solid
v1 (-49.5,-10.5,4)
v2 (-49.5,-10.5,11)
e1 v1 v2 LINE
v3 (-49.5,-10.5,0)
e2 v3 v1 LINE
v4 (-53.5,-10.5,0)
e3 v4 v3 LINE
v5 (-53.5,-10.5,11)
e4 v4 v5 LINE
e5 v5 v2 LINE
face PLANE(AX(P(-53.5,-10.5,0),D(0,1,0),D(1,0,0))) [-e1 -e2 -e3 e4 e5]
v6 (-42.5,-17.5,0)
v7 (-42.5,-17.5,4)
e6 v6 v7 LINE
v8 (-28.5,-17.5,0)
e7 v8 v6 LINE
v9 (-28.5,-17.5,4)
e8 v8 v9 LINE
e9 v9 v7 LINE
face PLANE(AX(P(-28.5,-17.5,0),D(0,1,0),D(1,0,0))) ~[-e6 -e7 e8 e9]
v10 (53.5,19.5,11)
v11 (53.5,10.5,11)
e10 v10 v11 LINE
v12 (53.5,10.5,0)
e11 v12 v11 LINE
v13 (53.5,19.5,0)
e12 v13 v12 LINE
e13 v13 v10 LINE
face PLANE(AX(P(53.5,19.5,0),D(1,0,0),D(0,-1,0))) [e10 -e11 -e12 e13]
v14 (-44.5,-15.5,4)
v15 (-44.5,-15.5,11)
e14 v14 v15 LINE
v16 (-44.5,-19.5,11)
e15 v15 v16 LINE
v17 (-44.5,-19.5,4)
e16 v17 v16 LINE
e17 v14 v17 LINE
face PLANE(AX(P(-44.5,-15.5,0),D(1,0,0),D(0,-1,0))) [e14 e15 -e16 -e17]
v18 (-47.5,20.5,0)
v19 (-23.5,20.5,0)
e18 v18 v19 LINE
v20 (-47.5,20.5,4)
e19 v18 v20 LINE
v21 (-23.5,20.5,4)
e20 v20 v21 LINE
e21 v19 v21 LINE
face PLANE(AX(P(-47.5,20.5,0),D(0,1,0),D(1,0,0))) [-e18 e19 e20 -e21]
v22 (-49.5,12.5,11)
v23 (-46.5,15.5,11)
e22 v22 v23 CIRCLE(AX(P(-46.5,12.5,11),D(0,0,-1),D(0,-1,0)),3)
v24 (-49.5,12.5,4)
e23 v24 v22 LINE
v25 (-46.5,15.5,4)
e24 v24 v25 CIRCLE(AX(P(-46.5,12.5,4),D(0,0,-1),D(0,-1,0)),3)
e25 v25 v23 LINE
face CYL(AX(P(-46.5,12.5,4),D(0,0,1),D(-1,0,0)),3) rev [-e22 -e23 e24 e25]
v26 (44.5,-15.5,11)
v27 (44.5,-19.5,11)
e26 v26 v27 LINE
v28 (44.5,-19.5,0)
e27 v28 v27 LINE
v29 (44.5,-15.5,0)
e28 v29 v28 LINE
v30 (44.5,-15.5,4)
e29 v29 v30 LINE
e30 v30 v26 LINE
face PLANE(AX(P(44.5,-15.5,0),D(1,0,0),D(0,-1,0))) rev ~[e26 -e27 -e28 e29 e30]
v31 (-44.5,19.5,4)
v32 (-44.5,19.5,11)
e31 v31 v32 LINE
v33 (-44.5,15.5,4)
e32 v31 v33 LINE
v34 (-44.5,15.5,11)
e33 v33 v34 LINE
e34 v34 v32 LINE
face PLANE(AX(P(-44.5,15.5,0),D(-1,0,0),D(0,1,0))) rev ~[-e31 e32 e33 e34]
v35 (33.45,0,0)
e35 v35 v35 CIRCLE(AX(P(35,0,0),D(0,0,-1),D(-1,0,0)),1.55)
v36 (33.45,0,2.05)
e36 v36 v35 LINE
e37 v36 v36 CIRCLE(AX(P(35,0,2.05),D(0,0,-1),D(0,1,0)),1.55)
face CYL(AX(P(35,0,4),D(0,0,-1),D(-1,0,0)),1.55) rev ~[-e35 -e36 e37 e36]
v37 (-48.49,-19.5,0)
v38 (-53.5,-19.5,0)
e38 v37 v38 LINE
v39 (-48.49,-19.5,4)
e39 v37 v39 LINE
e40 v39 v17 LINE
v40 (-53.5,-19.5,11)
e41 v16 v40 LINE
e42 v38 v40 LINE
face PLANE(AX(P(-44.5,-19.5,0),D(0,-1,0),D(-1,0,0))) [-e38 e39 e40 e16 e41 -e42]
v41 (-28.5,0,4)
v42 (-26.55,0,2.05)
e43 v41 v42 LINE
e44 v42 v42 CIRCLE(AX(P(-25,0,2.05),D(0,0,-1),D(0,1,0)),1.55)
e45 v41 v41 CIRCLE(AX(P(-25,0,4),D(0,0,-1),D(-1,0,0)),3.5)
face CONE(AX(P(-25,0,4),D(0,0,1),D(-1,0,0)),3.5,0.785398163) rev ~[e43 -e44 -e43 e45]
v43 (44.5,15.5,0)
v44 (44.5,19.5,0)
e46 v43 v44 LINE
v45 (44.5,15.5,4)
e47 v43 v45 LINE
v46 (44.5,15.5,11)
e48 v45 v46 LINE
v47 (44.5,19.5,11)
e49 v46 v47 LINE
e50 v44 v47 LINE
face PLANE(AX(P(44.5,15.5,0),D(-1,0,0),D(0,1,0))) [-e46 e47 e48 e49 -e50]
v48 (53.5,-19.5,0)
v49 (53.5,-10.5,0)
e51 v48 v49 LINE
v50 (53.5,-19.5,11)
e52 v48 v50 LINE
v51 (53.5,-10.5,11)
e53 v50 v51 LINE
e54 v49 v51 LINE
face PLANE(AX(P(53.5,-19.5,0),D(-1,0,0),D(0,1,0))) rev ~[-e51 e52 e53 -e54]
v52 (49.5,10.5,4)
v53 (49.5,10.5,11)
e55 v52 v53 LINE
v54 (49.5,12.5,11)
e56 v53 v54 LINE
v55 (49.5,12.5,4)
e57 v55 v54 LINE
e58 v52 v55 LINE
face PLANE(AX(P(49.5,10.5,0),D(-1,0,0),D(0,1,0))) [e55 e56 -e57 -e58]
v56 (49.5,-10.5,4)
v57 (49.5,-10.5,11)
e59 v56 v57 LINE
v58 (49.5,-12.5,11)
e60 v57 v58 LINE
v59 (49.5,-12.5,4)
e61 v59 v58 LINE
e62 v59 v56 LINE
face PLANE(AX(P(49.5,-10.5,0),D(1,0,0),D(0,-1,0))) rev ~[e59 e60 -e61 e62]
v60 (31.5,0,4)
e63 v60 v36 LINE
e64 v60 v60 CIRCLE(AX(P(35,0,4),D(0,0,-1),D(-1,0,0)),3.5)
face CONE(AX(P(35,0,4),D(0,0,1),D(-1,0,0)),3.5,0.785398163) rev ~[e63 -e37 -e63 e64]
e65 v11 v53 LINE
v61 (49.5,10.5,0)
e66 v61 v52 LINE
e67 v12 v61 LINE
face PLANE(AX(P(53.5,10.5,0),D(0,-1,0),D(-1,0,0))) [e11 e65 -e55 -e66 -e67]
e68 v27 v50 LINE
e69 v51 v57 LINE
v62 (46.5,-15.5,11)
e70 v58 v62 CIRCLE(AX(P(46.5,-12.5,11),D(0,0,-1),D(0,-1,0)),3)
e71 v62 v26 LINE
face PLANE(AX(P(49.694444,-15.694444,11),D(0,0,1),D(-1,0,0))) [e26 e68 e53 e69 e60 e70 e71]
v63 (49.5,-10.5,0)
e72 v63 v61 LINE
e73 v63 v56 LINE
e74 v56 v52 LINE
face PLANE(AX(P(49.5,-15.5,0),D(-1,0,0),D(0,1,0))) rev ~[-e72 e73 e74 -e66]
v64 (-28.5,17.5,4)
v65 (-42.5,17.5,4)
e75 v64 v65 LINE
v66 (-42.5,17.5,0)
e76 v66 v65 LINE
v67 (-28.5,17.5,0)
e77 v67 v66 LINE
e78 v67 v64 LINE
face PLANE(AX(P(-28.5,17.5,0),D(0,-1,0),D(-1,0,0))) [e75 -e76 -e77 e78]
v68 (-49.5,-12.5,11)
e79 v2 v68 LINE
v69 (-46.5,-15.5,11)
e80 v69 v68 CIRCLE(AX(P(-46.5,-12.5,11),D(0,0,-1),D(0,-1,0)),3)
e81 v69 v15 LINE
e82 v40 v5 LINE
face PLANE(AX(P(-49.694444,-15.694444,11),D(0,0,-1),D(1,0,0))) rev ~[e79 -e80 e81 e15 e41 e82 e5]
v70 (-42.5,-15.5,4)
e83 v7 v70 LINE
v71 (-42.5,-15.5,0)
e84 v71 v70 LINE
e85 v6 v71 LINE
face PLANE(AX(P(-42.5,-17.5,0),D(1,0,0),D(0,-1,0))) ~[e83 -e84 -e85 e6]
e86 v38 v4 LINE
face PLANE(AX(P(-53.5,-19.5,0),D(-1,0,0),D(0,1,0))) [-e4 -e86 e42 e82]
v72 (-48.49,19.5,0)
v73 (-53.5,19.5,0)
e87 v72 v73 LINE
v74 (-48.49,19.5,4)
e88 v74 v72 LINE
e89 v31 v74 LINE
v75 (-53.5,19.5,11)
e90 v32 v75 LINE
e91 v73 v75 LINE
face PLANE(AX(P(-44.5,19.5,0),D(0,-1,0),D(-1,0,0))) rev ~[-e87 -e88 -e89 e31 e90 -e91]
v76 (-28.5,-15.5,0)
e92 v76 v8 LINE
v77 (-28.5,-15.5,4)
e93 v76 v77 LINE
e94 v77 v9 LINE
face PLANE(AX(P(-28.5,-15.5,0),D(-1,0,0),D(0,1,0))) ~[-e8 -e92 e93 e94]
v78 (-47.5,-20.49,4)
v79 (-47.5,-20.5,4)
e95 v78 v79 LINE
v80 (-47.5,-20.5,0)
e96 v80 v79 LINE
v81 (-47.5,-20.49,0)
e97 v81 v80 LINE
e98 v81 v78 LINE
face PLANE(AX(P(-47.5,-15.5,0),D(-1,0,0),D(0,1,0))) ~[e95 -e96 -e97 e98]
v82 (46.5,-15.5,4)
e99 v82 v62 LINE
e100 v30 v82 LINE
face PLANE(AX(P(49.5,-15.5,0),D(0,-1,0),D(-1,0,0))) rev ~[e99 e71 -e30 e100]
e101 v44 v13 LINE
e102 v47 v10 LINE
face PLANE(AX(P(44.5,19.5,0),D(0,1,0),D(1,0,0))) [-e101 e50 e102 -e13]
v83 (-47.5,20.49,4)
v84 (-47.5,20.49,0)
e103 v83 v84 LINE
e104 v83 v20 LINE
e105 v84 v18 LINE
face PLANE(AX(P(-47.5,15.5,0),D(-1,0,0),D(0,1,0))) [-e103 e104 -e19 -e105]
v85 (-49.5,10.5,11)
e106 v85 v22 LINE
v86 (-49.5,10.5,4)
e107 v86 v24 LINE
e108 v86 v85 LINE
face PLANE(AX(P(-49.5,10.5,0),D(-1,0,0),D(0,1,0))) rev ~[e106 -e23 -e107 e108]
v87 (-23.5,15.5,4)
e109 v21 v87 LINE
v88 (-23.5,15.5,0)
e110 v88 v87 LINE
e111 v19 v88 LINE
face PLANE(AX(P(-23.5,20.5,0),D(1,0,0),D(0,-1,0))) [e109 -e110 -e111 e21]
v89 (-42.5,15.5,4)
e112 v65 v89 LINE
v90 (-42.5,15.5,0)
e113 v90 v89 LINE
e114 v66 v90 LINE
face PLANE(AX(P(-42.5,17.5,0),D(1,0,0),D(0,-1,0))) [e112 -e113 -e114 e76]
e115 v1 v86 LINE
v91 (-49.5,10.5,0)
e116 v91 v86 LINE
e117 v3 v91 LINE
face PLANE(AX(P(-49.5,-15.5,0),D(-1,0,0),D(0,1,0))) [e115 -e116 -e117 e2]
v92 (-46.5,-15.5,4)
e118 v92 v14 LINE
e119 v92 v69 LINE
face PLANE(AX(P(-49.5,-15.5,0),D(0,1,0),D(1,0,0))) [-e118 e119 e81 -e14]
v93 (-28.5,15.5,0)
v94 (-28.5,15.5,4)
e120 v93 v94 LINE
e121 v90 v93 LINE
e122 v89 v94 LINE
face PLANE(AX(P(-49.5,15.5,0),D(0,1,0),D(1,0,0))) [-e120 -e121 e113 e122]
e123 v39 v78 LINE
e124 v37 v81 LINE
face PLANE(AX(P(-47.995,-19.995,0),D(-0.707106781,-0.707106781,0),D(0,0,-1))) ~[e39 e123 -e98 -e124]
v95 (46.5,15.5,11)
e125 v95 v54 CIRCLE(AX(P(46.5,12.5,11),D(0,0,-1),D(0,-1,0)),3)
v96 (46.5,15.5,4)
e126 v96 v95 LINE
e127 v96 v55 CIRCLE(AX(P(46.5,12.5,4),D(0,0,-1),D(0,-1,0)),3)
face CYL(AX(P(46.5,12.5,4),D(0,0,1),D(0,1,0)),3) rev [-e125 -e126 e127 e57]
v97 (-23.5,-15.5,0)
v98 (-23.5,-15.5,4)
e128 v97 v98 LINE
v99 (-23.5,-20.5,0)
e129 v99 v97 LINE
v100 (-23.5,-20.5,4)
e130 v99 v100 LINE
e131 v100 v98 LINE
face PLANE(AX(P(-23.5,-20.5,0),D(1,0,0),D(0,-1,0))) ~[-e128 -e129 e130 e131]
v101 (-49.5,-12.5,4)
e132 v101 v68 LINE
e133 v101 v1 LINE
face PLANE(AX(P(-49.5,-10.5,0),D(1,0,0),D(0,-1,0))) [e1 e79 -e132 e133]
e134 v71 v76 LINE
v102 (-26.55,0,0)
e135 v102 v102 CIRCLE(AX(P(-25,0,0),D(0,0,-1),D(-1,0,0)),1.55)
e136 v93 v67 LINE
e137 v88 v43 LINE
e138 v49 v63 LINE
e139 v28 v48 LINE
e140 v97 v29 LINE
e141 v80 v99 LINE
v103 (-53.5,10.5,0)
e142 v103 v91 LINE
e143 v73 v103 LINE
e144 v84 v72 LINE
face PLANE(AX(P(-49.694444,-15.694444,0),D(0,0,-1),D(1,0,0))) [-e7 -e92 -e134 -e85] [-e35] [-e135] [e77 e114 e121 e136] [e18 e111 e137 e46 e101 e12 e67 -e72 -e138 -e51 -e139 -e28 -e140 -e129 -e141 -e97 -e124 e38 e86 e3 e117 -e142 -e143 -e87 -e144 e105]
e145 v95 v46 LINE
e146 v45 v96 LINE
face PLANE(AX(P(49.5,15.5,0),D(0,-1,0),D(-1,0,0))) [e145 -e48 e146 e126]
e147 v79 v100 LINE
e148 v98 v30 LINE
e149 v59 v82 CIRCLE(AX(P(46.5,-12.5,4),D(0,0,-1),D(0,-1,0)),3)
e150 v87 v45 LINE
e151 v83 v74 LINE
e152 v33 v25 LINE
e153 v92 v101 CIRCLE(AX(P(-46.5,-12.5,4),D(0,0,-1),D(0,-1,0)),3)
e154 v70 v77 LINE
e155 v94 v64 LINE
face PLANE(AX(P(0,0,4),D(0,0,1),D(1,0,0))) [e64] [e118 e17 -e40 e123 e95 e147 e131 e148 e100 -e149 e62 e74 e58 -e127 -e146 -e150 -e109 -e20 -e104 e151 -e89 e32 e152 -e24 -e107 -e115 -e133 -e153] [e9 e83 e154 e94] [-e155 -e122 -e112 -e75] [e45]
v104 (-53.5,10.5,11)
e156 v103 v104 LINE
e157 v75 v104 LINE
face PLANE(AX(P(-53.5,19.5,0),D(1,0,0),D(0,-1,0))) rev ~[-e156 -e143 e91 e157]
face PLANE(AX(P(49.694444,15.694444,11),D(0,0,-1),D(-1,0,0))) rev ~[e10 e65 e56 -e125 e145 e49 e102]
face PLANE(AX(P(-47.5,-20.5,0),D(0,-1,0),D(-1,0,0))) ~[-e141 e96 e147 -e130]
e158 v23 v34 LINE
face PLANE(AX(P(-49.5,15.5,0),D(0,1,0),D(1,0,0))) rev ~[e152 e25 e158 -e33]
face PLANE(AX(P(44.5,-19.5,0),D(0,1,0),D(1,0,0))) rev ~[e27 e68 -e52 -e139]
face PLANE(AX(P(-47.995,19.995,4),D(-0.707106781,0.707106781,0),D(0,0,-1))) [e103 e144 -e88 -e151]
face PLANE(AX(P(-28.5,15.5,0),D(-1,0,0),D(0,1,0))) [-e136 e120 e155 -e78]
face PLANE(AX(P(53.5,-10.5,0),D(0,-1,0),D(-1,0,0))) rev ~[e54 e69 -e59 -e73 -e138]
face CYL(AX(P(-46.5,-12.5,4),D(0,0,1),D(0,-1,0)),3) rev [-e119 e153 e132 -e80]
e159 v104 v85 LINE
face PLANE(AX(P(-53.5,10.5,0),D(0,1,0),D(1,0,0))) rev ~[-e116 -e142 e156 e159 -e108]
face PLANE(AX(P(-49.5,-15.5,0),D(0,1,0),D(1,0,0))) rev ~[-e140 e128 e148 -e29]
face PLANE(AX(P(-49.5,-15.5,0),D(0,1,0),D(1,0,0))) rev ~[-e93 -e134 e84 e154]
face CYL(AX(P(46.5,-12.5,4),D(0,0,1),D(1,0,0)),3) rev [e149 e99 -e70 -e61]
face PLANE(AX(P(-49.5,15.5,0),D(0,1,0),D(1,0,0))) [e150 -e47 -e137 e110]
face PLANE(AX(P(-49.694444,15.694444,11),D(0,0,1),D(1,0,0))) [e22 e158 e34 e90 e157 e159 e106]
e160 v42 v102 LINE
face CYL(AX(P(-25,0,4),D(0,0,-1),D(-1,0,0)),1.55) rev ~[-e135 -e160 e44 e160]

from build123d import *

# Parameters (mm, degrees)
SKETCH_W                = 99
SKETCH_H                = 31
PAD_DEPTH               = 4
PAD001_DEPTH            = 11
PAD002_DEPTH            = 4
PAD001_MIRRORED_2_DEPTH = 11
POLARPATTERN_COUNT      = 2
CHAMFER_SIZE            = 0.99
FILLET_R                = 3
HOLE_D                  = 3.1
HOLE_DEPTH              = 25
HOLE_CSINK_D            = 7
HOLE_CSINK_ANGLE        = 90


with BuildPart() as part:
    # Sketch → Pad (new body)
    with BuildSketch(Plane.XY):
        Rectangle(SKETCH_W, SKETCH_H)
    extrude(amount=PAD_DEPTH)

    # Sketch001 → Pad001 (join)
    with BuildSketch(Plane.XY):
        Polygon((-49.5, 15.5), (-44.5, 15.5), (-44.5, 19.5), (-53.5, 19.5), (-53.5, 10.5), (-49.5, 10.5), align=None)
    pad001 = extrude(amount=PAD001_DEPTH)

    # Sketch002 → Pad002 (join)
    with BuildSketch(Plane.XY):
        Polygon((-47.5, 15.5), (-47.5, 20.5), (-23.5, 20.5), (-23.5, 15.5), (-28.5, 15.5), (-28.5, 17.5), (-42.5, 17.5), (-42.5, 15.5), align=None)
    pad002 = extrude(amount=PAD002_DEPTH)

    # Sketch001 Mirrored 2 → Pad001 Mirrored 2 (add)
    with BuildSketch(Plane(origin=(0, 0, 0), x_dir=(-1, 0, 0), z_dir=(0, 0, -1))):
        Polygon((-49.5, 15.5), (-44.5, 15.5), (-44.5, 19.5), (-53.5, 19.5), (-53.5, 10.5), (-49.5, 10.5), align=None)
    pad001_mirrored_2 = extrude(amount=-PAD001_MIRRORED_2_DEPTH)

    # PolarPattern: Pad001, Pad001 Mirrored 2 ×2 about axis
    polarpattern_axis = Axis((0, 0, 0), (0, 0, 1))
    for i in range(1, POLARPATTERN_COUNT):
        add(pad001.rotate(polarpattern_axis, i * 360 / POLARPATTERN_COUNT))
        add(pad001_mirrored_2.rotate(polarpattern_axis, i * 360 / POLARPATTERN_COUNT))

    # Mirrored001: Pad002 across Sketch002 H_Axis
    add(pad002.mirror(Plane.ZX))

    # Chamfer
    chamfer_edges = [part.edges().sort_by_distance(p)[0] for p in [
        (-47.5, -19.5, 2),
        (-47.5, 19.5, 2),
    ]]
    chamfer(chamfer_edges, length=CHAMFER_SIZE)

    # Fillet
    fillet_edges = [part.edges().sort_by_distance(p)[0] for p in [
        (-49.5, -15.5, 7.5),
        (-49.5, 15.5, 7.5),
        (49.5, 15.5, 7.5),
        (49.5, -15.5, 7.5),
    ]]
    fillet(fillet_edges, radius=FILLET_R)

    # Hole
    with Locations(Plane.XY.offset(4)):
        with Locations((-25, 0), (35, 0)):
            CounterSinkHole(HOLE_D / 2, HOLE_CSINK_D / 2, depth=HOLE_DEPTH, counter_sink_angle=HOLE_CSINK_ANGLE)


solid = part.part
